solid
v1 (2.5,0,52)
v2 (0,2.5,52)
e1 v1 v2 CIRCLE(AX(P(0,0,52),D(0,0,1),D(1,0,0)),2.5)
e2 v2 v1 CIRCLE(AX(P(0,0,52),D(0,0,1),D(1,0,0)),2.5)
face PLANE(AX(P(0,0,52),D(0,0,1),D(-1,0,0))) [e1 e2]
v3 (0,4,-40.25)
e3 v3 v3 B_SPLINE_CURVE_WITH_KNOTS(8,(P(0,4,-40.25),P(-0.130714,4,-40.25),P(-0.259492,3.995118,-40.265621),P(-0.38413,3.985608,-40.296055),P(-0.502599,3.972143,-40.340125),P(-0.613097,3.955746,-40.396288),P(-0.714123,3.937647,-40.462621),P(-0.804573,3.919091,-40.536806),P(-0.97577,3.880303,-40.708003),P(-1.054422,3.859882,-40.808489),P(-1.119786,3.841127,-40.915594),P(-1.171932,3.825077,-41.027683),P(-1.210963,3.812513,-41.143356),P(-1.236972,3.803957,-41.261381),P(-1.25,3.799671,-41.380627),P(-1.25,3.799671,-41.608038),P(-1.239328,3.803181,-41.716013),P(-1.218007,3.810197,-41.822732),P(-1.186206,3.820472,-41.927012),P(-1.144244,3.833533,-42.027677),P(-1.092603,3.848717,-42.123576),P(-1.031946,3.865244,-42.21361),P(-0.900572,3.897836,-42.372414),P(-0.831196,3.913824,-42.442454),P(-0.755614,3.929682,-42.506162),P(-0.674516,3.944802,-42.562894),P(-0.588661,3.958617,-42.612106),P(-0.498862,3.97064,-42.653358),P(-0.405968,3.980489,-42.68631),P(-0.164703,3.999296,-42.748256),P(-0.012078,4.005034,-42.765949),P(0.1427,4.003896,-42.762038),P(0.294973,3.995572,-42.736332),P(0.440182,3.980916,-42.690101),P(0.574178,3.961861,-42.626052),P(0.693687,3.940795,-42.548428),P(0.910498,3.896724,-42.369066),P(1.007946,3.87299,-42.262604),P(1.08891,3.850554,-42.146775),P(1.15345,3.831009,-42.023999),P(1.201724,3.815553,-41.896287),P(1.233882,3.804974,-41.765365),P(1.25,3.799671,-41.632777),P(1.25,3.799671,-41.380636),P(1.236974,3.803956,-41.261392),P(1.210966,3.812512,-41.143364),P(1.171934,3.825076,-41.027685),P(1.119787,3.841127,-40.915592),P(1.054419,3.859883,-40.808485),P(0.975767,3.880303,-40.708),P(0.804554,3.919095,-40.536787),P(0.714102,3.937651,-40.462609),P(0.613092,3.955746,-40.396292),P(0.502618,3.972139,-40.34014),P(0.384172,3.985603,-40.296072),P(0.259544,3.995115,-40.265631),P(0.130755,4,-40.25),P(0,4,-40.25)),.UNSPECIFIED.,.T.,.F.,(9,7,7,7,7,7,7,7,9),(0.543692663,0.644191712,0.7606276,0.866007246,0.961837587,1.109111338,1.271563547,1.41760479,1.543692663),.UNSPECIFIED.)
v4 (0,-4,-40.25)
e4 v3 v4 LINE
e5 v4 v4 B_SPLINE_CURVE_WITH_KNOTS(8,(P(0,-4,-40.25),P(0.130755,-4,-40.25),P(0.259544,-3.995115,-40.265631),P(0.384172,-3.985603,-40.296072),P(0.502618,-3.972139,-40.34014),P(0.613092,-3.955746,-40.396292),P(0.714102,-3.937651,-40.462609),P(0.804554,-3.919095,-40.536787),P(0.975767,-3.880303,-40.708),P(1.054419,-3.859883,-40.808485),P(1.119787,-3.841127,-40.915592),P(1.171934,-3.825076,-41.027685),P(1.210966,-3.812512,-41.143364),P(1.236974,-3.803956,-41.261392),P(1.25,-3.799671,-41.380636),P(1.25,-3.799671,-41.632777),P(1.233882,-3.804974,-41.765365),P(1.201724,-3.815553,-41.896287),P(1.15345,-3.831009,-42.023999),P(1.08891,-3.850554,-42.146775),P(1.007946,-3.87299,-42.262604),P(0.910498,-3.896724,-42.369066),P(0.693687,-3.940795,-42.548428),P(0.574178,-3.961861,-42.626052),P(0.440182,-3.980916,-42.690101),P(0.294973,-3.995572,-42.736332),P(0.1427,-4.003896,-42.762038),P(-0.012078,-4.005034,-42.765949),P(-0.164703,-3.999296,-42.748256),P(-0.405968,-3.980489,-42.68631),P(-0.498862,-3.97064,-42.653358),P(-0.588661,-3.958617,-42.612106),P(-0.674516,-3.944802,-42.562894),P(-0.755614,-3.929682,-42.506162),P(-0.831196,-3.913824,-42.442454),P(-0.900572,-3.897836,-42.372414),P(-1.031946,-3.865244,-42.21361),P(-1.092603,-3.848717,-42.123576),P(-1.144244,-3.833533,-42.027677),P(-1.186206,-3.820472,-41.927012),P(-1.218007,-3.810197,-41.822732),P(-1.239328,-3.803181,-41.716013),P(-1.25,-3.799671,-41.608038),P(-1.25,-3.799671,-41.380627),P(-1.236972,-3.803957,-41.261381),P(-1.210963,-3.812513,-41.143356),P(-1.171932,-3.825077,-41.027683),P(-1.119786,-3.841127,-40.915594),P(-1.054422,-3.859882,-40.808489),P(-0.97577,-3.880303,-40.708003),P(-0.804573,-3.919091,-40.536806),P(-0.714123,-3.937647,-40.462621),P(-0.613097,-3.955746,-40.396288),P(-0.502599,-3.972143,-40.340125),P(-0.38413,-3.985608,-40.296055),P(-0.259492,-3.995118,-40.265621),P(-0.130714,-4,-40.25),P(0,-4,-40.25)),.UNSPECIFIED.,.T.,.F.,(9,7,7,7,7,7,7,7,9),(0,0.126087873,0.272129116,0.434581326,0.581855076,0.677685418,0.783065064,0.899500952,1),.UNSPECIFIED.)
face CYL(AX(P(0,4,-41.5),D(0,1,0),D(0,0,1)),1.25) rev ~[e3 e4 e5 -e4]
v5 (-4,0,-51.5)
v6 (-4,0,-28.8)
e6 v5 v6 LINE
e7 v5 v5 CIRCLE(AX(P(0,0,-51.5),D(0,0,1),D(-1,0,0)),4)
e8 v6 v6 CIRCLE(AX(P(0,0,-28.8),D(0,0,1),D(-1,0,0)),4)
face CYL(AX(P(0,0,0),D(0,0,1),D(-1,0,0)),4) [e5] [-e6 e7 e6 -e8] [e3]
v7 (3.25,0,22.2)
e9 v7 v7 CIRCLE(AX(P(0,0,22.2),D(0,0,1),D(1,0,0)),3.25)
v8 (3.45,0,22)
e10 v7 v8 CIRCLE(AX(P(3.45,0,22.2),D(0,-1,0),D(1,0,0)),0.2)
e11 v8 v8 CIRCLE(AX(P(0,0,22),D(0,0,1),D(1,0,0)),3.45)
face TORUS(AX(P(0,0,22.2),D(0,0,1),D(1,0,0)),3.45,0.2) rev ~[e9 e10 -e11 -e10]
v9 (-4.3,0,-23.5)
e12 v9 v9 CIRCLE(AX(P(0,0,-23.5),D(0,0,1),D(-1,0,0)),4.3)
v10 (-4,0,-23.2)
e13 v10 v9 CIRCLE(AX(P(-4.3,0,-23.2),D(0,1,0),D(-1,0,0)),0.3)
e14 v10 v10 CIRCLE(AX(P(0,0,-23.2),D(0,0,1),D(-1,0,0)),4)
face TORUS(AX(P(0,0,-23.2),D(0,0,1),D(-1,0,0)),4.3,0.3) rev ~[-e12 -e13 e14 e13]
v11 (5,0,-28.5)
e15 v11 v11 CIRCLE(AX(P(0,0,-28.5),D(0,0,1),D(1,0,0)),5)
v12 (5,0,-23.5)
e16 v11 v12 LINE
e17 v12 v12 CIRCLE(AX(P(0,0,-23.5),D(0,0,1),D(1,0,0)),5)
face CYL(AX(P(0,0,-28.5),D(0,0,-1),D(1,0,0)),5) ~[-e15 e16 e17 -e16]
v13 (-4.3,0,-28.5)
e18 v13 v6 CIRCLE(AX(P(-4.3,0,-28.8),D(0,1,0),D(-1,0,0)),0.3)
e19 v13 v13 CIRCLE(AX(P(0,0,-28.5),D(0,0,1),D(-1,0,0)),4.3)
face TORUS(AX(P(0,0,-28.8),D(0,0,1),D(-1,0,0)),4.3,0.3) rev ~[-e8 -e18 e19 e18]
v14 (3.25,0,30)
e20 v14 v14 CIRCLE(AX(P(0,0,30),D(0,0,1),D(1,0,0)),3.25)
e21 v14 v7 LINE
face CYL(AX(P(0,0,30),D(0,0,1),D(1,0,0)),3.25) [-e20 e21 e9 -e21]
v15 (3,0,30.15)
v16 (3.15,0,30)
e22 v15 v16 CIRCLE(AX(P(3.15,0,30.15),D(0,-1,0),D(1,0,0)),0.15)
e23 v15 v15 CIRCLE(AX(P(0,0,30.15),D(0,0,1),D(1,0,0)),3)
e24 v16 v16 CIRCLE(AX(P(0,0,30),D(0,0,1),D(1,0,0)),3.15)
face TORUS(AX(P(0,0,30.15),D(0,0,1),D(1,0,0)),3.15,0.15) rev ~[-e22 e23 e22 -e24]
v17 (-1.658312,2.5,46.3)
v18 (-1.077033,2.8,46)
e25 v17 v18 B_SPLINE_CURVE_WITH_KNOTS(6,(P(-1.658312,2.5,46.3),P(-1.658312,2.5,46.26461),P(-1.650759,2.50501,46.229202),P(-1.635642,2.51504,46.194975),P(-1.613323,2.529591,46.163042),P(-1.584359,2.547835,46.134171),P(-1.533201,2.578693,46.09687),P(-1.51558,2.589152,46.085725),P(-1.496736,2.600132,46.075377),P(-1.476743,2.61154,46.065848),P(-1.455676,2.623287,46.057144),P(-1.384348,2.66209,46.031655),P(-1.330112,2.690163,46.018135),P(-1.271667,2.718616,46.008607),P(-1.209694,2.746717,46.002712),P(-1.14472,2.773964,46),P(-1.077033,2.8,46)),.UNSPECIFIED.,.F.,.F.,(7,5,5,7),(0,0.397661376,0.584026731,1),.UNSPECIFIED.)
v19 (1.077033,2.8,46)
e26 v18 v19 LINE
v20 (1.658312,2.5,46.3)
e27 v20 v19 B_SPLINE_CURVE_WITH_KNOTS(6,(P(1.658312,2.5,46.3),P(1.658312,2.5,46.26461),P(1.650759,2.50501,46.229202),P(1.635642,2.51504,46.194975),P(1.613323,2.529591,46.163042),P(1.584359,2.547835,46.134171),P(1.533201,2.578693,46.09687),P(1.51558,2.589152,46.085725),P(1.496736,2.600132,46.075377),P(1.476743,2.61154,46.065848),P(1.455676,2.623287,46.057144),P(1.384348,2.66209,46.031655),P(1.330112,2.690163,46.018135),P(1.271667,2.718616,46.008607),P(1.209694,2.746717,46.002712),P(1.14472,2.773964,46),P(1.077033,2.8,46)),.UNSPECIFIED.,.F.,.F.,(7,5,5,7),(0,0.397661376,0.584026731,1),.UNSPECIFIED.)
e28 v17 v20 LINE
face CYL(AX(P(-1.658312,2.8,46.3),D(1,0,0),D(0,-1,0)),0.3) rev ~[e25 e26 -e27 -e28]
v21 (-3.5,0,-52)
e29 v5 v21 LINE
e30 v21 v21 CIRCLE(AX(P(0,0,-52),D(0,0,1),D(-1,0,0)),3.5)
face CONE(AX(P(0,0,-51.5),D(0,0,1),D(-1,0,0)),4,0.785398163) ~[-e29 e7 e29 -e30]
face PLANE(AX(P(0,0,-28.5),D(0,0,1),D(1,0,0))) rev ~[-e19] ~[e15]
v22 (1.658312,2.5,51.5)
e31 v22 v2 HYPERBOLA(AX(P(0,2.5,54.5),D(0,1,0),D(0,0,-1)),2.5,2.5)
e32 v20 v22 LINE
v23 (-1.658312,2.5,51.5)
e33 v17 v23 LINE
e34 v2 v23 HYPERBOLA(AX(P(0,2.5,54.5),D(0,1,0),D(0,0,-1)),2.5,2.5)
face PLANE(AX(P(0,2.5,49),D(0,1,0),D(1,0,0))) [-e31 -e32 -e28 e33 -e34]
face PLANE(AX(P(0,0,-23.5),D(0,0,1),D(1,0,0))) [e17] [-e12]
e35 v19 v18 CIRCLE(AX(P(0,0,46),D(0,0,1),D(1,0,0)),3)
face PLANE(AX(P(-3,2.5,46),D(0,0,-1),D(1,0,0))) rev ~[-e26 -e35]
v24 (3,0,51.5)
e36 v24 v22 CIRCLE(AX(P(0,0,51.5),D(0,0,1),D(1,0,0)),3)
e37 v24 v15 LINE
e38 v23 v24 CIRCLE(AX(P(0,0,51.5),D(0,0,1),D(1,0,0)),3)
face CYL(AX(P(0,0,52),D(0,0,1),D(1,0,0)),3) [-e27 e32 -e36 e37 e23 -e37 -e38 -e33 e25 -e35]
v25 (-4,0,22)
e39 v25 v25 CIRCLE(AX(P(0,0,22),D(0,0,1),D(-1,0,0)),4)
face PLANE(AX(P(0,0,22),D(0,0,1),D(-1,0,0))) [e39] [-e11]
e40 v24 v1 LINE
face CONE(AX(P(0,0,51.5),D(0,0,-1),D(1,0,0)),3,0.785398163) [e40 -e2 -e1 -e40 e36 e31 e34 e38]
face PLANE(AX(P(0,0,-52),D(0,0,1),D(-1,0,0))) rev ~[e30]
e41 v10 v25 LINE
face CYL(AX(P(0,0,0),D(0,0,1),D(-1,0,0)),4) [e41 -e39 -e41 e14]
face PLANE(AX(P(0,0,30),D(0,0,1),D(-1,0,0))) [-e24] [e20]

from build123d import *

# Parameters (mm, degrees)
CROQUIS1_R              = 4
SALIENTE_EXTRUIR1_DEPTH = 52
CROQUIS2_R              = 5
SALIENTE_EXTRUIR2_DEPTH = 5
CROQUIS3_R              = 4
CROQUIS3_R_2            = 3
CORTAR_EXTRUIR1_DEPTH   = 22
CROQUIS5_R              = 1.25
CORTAR_EXTRUIR2_DEPTH   = 54.009433123
CHAFL_N1_SIZE           = 0.5
CROQUIS6_W              = 6
CROQUIS6_H              = 6
CORTAR_EXTRUIR3_DEPTH   = 53.775467786
CROQUIS7_R              = 4
CROQUIS7_R_2            = 3.25
CORTAR_EXTRUIR4_DEPTH   = 8
REDONDEO2_R             = 0.15
REDONDEO3_R             = 0.2
REDONDEO1_R             = 0.3
REDONDEO4_R             = 0.3
REDONDEO5_R             = 0.3


with BuildPart() as part:
    # Croquis1 → Saliente-Extruir1 (new, symmetric)
    with BuildSketch(Plane.XY):
        with Locations(Location((0, 0, 0), (0, 0, 180))):
            Circle(CROQUIS1_R)
    extrude(amount=SALIENTE_EXTRUIR1_DEPTH, both=True)

    # Croquis2 → Saliente-Extruir2 (add)
    with BuildSketch(Plane.XY.offset(-28.5)):
        Circle(CROQUIS2_R)
    extrude(amount=SALIENTE_EXTRUIR2_DEPTH)

    # Croquis3 → Cortar-Extruir1 (cut)
    with BuildSketch(Plane.XY.offset(52)):
        with Locations(Location((0, 0, 0), (0, 0, 180))):
            Circle(CROQUIS3_R)
        Circle(CROQUIS3_R_2, mode=Mode.SUBTRACT)
    extrude(amount=-CORTAR_EXTRUIR1_DEPTH, mode=Mode.SUBTRACT)

    # Croquis5 → Cortar-Extruir2 (cut, through all)
    with BuildSketch(Plane(origin=(0, 4, 0), x_dir=(1, 0, 0), z_dir=(0, 1, 0))):
        with Locations(Location((0, 41.5, 0), (0, 0, 270))):
            Circle(CROQUIS5_R)
    extrude(amount=-CORTAR_EXTRUIR2_DEPTH, mode=Mode.SUBTRACT)

    # Chaflán1
    chafl_n1_edges = [part.edges().sort_by_distance(p)[0] for p in [
        (-3, 0, 52),
        (4, 0, -52),
    ]]
    chamfer(chafl_n1_edges, length=CHAFL_N1_SIZE)

    # Croquis6 → Cortar-Extruir3 (cut, through all)
    with BuildSketch(Plane(origin=(0, 2.5, 0), x_dir=(1, 0, 0), z_dir=(0, 1, 0))):
        with Locations((0, -49)):
            Rectangle(CROQUIS6_W, CROQUIS6_H)
    extrude(amount=CORTAR_EXTRUIR3_DEPTH, mode=Mode.SUBTRACT)

    # Croquis7 → Cortar-Extruir4 (cut)
    with BuildSketch(Plane.XY.offset(30)):
        with Locations(Location((0, 0, 0), (0, 0, 180))):
            Circle(CROQUIS7_R)
        Circle(CROQUIS7_R_2, mode=Mode.SUBTRACT)
    extrude(amount=-CORTAR_EXTRUIR4_DEPTH, mode=Mode.SUBTRACT)

    # Redondeo2
    redondeo2_edges = [part.edges().sort_by_distance(p)[0] for p in [
        (-3, 0, 30),
    ]]
    fillet(redondeo2_edges, radius=REDONDEO2_R)

    # Redondeo3
    redondeo3_edges = [part.edges().sort_by_distance(p)[0] for p in [
        (-3.25, 0, 22),
    ]]
    fillet(redondeo3_edges, radius=REDONDEO3_R)

    # Redondeo1
    redondeo1_edges = [part.edges().sort_by_distance(p)[0] for p in [
        (4, 0, -23.5),
    ]]
    fillet(redondeo1_edges, radius=REDONDEO1_R)

    # Redondeo4
    redondeo4_edges = [part.edges().sort_by_distance(p)[0] for p in [
        (4, 0, -28.5),
    ]]
    fillet(redondeo4_edges, radius=REDONDEO4_R)

    # Redondeo5
    redondeo5_edges = [part.edges().sort_by_distance(p)[0] for p in [
        (0, 2.5, 46),
    ]]
    fillet(redondeo5_edges, radius=REDONDEO5_R)


solid = part.part
